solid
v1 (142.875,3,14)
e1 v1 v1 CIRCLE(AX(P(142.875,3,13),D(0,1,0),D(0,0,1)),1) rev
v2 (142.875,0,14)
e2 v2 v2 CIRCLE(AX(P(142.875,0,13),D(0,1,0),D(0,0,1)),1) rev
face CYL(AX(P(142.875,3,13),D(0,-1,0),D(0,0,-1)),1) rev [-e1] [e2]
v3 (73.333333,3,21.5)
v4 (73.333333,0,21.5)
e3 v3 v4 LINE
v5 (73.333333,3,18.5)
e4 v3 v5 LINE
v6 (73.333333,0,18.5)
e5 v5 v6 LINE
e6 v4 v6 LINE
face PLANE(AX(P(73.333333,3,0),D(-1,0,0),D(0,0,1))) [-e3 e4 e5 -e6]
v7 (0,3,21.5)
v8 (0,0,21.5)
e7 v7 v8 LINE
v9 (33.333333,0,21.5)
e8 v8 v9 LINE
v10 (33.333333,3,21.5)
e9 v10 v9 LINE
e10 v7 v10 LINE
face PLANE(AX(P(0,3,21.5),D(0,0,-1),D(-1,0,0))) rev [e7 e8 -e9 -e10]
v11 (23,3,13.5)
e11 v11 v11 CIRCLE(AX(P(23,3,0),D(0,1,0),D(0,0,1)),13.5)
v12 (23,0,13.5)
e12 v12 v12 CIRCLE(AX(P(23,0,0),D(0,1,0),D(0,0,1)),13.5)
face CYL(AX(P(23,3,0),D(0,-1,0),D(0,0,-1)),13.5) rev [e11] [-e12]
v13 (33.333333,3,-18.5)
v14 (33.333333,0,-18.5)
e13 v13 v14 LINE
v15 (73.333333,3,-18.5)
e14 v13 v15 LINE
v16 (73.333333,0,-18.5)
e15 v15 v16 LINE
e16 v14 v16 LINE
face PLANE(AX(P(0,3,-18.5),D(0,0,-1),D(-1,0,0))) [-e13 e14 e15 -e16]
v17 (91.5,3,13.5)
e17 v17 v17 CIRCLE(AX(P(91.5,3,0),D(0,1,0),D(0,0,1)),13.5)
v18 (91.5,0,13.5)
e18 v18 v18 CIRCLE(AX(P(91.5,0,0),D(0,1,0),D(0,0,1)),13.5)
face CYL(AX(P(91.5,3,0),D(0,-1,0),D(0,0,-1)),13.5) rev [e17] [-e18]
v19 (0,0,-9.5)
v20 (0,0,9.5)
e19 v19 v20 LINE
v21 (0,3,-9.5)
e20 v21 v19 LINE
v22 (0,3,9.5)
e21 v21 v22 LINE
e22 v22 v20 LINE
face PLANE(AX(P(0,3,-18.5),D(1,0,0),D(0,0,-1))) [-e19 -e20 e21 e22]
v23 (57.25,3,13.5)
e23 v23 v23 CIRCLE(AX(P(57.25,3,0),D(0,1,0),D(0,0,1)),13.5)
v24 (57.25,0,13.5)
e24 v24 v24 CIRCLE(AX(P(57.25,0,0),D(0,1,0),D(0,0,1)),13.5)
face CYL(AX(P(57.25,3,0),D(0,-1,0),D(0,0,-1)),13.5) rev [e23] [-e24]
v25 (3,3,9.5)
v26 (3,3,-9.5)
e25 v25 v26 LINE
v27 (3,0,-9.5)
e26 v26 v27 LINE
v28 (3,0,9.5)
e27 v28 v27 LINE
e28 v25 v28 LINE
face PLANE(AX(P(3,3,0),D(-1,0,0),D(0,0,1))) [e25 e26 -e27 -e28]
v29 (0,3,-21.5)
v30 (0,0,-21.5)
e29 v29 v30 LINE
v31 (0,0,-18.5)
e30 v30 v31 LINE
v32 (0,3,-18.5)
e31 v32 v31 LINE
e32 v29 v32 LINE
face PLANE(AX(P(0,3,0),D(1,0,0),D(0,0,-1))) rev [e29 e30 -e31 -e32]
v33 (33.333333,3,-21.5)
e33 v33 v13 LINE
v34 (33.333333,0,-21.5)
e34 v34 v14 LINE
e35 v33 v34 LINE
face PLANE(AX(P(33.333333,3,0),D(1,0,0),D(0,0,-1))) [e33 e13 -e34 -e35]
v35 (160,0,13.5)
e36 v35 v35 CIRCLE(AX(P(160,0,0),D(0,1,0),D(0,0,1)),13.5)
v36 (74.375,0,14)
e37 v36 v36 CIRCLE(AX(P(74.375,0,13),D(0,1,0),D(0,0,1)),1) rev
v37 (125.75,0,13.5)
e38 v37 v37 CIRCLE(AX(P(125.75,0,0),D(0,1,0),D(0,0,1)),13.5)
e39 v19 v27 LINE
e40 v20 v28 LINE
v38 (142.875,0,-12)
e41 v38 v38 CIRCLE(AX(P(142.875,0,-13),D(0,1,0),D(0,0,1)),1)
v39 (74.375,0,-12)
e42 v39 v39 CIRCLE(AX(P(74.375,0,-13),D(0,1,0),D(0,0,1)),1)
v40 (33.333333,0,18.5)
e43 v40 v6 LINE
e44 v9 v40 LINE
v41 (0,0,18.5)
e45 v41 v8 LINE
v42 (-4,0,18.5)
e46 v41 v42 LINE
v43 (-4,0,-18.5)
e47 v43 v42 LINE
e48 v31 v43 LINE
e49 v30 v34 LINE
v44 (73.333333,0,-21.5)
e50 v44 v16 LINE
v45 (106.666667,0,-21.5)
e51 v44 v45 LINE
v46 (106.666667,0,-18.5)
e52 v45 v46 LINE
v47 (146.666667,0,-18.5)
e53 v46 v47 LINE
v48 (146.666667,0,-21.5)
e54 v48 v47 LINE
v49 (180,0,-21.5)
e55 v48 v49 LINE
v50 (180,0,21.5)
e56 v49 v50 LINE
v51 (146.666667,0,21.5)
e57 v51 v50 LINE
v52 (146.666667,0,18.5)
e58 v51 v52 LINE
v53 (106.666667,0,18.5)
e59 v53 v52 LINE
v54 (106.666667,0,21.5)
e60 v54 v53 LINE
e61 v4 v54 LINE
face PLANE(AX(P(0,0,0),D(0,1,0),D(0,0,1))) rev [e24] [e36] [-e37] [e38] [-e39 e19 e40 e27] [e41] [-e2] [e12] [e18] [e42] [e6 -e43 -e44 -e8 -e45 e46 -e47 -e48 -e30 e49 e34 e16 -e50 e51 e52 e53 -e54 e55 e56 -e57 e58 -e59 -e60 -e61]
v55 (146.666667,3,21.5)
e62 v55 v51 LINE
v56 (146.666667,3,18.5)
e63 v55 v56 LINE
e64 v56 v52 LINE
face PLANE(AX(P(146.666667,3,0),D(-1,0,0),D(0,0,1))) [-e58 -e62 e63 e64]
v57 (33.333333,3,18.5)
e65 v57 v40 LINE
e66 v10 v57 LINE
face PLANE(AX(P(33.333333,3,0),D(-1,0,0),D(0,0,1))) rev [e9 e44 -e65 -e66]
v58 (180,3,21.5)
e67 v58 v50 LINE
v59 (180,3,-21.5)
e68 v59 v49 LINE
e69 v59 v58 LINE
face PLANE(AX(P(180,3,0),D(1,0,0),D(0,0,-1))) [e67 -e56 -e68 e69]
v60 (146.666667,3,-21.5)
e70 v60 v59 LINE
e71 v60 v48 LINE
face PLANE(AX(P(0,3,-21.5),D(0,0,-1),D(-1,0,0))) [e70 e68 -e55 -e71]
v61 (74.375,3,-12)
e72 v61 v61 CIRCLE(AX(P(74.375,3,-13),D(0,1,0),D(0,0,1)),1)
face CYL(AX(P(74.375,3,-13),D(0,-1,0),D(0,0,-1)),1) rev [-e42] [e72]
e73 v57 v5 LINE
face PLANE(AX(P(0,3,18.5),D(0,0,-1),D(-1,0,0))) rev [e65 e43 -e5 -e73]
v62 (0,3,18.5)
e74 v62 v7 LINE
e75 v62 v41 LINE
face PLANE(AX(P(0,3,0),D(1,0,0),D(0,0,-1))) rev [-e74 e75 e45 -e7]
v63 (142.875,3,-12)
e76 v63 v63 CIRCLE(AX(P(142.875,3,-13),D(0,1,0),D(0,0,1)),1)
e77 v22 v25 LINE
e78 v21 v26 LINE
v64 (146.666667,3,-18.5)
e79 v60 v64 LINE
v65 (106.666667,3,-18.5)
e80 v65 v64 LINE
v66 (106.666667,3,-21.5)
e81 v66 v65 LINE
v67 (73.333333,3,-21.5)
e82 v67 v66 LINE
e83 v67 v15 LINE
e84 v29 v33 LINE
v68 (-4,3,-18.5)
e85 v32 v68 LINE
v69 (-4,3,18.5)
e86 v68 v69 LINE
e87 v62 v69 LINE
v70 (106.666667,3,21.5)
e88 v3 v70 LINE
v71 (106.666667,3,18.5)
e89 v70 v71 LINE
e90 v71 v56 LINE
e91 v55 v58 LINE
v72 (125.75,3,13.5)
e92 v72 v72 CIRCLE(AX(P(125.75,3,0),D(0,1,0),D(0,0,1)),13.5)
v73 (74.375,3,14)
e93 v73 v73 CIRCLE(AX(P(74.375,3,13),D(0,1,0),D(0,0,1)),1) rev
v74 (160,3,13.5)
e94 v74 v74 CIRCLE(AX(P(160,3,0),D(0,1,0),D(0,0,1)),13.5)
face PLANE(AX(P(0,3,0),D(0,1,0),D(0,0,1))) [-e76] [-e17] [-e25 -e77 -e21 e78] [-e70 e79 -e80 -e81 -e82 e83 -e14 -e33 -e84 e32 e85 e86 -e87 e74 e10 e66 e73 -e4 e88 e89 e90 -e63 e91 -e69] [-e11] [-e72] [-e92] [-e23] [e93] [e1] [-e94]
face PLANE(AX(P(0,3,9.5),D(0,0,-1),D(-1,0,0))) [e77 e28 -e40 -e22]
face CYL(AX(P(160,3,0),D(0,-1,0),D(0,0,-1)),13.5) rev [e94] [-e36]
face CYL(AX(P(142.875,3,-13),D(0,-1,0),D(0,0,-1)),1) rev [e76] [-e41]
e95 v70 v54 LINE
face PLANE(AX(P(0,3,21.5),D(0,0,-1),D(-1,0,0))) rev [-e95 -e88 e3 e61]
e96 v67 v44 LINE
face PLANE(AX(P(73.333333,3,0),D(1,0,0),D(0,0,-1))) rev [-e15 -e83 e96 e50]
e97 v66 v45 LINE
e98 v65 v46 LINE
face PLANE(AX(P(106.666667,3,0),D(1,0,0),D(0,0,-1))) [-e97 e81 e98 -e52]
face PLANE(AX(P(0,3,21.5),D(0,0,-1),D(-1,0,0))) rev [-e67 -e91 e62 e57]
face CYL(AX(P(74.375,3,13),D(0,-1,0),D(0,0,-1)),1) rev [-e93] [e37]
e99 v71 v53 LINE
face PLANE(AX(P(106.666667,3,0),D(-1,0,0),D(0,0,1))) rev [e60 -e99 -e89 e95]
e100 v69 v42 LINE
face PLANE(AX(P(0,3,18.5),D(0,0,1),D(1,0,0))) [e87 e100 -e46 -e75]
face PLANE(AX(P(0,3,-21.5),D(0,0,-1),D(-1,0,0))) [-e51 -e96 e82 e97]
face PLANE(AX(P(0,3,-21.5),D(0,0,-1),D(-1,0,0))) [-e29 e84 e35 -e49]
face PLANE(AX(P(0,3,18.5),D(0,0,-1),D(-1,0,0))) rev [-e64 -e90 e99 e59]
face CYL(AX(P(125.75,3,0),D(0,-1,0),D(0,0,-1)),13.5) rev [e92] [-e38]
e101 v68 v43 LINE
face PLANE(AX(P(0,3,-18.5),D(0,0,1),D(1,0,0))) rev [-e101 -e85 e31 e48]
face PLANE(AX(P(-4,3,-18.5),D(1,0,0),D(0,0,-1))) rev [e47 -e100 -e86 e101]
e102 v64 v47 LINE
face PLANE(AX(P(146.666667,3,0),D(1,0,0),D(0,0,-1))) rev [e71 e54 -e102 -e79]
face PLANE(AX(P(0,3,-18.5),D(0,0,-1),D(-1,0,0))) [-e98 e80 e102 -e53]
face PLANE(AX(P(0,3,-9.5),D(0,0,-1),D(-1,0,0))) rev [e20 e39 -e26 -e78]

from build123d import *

# Parameters (mm, degrees)
SKETCH1_W           = 3
SKETCH1_H           = 19
SKETCH1_R           = 1
SKETCH1_R_2         = 13.5
BOSS_EXTRUDE1_DEPTH = 3


with BuildPart() as part:
    # Sketch1 → Boss-Extrude1 (new body)
    with BuildSketch(Plane(origin=(0, 0, 0), x_dir=(1, 0, 0), z_dir=(0, 1, 0))):
        Polygon((33.333333333, 21.5), (0, 21.5), (0, 18.5), (-4, 18.5), (-4, -18.5), (0, -18.5), (0, -21.5), (33.333333333, -21.5), (33.333333333, -18.5), (73.333333333, -18.5), (73.333333333, -21.5), (106.666666667, -21.5), (106.666666667, -18.5), (146.666666667, -18.5), (146.666666667, -21.5), (180, -21.5), (180, 21.5), (146.666666667, 21.5), (146.666666667, 18.5), (106.666666667, 18.5), (106.666666667, 21.5), (73.333333333, 21.5), (73.333333333, 18.5), (33.333333333, 18.5), align=None)
        with Locations((1.5, 0)):
            Rectangle(SKETCH1_W, SKETCH1_H, mode=Mode.SUBTRACT)
        with Locations((74.375, -13)):
            Circle(SKETCH1_R, mode=Mode.SUBTRACT)
        with Locations((142.875, -13)):
            Circle(SKETCH1_R, mode=Mode.SUBTRACT)
        with Locations((23, 0)):
            Circle(SKETCH1_R_2, mode=Mode.SUBTRACT)
        with Locations((57.25, 0)):
            Circle(SKETCH1_R_2, mode=Mode.SUBTRACT)
        with Locations((74.375, 13)):
            Circle(SKETCH1_R, mode=Mode.SUBTRACT)
        with Locations((91.5, 0)):
            Circle(SKETCH1_R_2, mode=Mode.SUBTRACT)
        with Locations((125.75, 0)):
            Circle(SKETCH1_R_2, mode=Mode.SUBTRACT)
        with Locations((160, 0)):
            Circle(SKETCH1_R_2, mode=Mode.SUBTRACT)
        with Locations((142.875, 13)):
            Circle(SKETCH1_R, mode=Mode.SUBTRACT)
    extrude(amount=BOSS_EXTRUDE1_DEPTH)


solid = part.part
